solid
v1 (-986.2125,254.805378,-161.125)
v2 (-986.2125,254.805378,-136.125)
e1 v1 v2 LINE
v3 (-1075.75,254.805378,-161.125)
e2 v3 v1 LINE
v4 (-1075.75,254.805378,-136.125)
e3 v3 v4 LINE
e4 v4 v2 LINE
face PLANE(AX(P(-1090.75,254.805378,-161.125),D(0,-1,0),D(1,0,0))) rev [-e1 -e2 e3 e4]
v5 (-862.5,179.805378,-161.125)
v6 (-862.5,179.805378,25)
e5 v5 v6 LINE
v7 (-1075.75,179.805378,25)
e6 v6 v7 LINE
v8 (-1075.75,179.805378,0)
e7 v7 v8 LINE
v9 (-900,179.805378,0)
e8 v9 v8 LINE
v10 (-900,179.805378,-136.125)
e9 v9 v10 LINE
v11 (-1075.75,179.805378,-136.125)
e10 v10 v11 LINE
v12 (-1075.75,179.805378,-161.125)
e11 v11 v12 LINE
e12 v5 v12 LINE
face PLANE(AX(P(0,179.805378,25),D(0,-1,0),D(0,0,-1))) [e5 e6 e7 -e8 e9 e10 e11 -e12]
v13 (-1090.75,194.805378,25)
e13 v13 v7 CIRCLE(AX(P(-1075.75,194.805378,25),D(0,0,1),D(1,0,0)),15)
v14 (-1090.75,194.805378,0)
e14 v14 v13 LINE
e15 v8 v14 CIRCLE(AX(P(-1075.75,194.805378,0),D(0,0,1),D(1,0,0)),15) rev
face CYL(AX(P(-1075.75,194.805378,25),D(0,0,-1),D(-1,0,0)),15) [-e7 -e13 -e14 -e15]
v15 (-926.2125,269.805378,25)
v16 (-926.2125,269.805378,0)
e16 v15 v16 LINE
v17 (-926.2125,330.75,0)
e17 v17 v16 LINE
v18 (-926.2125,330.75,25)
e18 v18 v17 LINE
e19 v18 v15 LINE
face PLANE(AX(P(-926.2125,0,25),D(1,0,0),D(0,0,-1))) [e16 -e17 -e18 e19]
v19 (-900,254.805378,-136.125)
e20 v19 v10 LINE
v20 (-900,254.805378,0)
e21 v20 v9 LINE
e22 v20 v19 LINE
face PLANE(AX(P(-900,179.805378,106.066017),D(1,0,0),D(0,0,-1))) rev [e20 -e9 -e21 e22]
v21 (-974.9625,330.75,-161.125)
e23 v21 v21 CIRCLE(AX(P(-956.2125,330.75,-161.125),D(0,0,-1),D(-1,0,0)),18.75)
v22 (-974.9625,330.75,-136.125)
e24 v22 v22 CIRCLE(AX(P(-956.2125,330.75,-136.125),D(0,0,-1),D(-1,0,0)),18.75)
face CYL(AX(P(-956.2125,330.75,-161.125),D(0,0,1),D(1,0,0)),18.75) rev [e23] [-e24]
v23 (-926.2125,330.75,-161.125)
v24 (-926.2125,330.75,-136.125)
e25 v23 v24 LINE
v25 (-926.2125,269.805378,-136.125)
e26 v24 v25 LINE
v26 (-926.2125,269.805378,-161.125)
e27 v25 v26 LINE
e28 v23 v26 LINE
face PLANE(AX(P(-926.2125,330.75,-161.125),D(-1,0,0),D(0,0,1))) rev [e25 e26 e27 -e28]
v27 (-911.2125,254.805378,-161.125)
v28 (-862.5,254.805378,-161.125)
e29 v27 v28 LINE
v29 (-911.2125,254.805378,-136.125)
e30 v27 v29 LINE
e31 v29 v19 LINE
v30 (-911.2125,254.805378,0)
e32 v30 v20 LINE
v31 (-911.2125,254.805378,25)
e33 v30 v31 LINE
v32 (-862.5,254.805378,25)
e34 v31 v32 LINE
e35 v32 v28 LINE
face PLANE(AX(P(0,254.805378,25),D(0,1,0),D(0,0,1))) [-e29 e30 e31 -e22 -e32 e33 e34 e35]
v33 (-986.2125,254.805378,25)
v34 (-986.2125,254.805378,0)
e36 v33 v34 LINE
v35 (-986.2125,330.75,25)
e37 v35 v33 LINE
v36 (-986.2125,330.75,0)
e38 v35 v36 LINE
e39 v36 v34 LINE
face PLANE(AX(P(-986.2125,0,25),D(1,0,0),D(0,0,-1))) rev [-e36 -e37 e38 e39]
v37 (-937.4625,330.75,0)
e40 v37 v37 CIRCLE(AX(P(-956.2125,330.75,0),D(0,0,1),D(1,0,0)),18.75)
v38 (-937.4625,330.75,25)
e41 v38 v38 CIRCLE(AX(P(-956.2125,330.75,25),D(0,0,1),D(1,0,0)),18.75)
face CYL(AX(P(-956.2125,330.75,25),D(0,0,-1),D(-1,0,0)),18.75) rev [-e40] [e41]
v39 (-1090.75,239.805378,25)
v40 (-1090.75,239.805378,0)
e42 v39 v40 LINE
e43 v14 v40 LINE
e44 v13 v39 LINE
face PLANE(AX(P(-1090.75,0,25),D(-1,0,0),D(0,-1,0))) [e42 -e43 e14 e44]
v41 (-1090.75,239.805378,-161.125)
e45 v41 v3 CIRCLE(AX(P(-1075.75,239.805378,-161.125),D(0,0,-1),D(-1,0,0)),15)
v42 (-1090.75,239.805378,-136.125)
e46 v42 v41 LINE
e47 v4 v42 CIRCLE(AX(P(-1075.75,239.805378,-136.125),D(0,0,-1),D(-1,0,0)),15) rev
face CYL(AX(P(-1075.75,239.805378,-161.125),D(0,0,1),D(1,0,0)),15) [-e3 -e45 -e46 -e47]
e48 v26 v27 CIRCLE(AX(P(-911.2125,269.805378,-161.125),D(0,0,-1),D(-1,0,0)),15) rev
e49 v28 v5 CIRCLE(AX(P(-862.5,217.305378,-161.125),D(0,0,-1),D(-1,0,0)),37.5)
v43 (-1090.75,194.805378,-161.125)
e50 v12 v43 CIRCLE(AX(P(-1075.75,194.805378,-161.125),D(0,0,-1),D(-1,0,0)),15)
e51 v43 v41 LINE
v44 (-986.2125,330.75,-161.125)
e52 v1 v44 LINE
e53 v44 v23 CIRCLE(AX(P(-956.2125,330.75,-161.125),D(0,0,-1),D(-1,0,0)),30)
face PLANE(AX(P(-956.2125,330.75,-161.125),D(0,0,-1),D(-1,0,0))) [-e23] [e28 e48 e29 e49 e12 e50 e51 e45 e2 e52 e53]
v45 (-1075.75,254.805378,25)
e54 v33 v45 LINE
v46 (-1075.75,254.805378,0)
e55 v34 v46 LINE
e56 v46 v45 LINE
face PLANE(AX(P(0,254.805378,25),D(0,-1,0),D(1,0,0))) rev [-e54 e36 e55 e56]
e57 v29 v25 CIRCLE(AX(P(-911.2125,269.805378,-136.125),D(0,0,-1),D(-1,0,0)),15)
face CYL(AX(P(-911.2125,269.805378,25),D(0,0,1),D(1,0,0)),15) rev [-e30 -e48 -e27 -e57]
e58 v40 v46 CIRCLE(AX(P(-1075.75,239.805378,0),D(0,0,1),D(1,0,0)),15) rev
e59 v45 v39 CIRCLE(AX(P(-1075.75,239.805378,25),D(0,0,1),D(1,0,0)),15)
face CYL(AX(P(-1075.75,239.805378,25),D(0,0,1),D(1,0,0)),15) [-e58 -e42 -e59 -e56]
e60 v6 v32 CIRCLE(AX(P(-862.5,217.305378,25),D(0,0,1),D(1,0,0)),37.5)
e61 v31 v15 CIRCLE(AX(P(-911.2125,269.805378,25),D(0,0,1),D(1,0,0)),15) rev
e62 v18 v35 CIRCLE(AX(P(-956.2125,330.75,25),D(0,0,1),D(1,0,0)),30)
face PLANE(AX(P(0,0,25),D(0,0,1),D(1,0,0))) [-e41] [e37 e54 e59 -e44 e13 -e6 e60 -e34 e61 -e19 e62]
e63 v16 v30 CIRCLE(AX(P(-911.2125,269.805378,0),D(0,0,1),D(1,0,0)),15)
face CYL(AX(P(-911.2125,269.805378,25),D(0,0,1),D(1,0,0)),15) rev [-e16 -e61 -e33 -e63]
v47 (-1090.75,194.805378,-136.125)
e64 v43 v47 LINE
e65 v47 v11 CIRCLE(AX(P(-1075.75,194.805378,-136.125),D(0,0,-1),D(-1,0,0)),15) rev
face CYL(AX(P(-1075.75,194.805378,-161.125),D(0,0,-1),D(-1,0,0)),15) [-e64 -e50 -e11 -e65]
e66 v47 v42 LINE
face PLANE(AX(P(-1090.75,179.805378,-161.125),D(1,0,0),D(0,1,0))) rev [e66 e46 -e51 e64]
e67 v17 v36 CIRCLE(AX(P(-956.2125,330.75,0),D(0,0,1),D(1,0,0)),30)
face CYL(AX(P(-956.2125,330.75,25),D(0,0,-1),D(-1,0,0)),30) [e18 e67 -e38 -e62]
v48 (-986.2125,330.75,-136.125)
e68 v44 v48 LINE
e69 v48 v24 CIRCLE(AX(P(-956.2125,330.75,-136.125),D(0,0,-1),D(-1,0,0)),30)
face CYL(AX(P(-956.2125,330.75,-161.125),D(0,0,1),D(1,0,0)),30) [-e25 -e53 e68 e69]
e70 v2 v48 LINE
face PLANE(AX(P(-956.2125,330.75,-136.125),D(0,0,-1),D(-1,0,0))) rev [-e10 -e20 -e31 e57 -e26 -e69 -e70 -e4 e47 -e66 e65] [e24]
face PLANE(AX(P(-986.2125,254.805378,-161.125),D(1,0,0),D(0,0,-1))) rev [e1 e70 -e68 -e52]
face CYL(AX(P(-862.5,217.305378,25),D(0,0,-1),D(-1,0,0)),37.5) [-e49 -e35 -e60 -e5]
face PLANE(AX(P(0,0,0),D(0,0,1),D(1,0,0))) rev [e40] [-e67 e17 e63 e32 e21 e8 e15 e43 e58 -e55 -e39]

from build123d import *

# Parameters (mm, degrees)
SKETCH1_R           = 18.75
SKETCH1_W           = 104.5375
SKETCH1_H           = 75
BOSS_EXTRUDE1_DEPTH = 25
SKETCH2_R           = 18.75
BOSS_EXTRUDE2_DEPTH = 25
SKETCH3_W           = 75
SKETCH3_H           = 75
BOSS_EXTRUDE3_DEPTH = 136.125
FILLET1_RADIUS      = 37.5
FILLET1_LENGTH      = 186.125
FILLET2_R           = 15


with BuildPart() as part:
    # Sketch1 → Boss-Extrude1 (new body)
    # profile 1 of 3: a face of its own
    with BuildSketch(Plane.XY):
        with BuildLine():
            Line((-986.2125, 179.805377859), (-825, 179.805377859))
            Line((-825, 179.805377859), (-825, 254.805377859))
            Line((-825, 254.805377859), (-926.2125, 254.805377859))
            Line((-926.2125, 254.805377859), (-926.2125, 330.75))
            ThreePointArc((-926.2125, 330.75), (-956.2125, 360.75), (-986.2125, 330.75))
            Line((-986.2125, 330.75), (-986.2125, 254.805377859))
            Line((-986.2125, 254.805377859), (-986.2125, 179.805377859))
        make_face()
        with Locations((-956.2125, 330.75)):
            Circle(SKETCH1_R, mode=Mode.SUBTRACT)
    # profile 2 of 3: a face of its own
    with BuildSketch(Plane.XY):
        with BuildLine():
            Line((-986.2125, 179.805377859), (-825, 179.805377859))
            Line((-825, 179.805377859), (-825, 254.805377859))
            Line((-825, 254.805377859), (-926.2125, 254.805377859))
            Line((-926.2125, 254.805377859), (-926.2125, 330.75))
            ThreePointArc((-926.2125, 330.75), (-956.2125, 360.75), (-986.2125, 330.75))
            Line((-986.2125, 330.75), (-986.2125, 254.805377859))
            Line((-986.2125, 254.805377859), (-986.2125, 179.805377859))
        make_face()
        with Locations((-956.2125, 330.75)):
            Circle(SKETCH1_R, mode=Mode.SUBTRACT)
    # profile 3 of 3: a face of its own
    with BuildSketch(Plane.XY):
        with Locations((-1038.48125, 217.305377859)):
            Rectangle(SKETCH1_W, SKETCH1_H)
    extrude(amount=BOSS_EXTRUDE1_DEPTH)



with BuildPart() as body_2:
    # Sketch2 → Boss-Extrude2 (new body)
    with BuildSketch(Plane(origin=(0, 0, -136.125), x_dir=(-1, 0, 0), z_dir=(0, 0, -1))):
        with BuildLine():
            Line((926.2125, 330.75), (926.2125, 254.805377859))
            Line((926.2125, 254.805377859), (825, 254.805377859))
            Line((825, 254.805377859), (825, 179.805377859))
            Line((825, 179.805377859), (1090.75, 179.805377859))
            Line((1090.75, 179.805377859), (1090.75, 254.805377859))
            Line((1090.75, 254.805377859), (986.2125, 254.805377859))
            Line((986.2125, 254.805377859), (986.2125, 330.75))
            ThreePointArc((986.2125, 330.75), (956.2125, 360.75), (926.2125, 330.75))
        make_face()
        with Locations(Location((956.2125, 330.75, 0), (0, 0, 180))):
            Circle(SKETCH2_R, mode=Mode.SUBTRACT)
    extrude(amount=BOSS_EXTRUDE2_DEPTH)


with BuildPart() as part_1:
    add(part.part)

    add(body_2.part)  # Boss-Extrude3 merges body 2
    # Sketch3 → Boss-Extrude3 (add)
    with BuildSketch(Plane.XY.offset(-136.125)):
        with Locations((-862.5, 217.305377859)):
            Rectangle(SKETCH3_W, SKETCH3_H)
    extrude(amount=BOSS_EXTRUDE3_DEPTH)

    # Fillet1: full round fillet: the end face becomes a half cylinder, R = half its width
    fillet1_face = Plane((-825, 217.305377859, -68.0625), x_dir=(0, 0, 1), z_dir=(1, 0, 0))  # on the end face: x along it, z out of the body
    fillet1_slab = fillet1_face.offset(-FILLET1_RADIUS / 2) * Box(FILLET1_LENGTH, 2 * FILLET1_RADIUS, FILLET1_RADIUS, mode=Mode.PRIVATE)  # the body's end, R deep
    fillet1_round = Plane((-862.5, 217.305377859, -68.0625), x_dir=(1, 0, 0), z_dir=(0, 0, 1)) * Cylinder(FILLET1_RADIUS, FILLET1_LENGTH, mode=Mode.PRIVATE)  # its axis R under the face
    add(fillet1_slab - fillet1_round, mode=Mode.SUBTRACT)

    # Fillet2
    fillet2_edges = [part_1.edges().sort_by_distance(p)[0] for p in [
        (-926.2125, 254.805377859, 12.5),
        (-1090.75, 179.805377859, 12.5),
        (-1090.75, 254.805377859, 12.5),
        (-926.2125, 254.805377859, -148.625),
        (-1090.75, 179.805377859, -148.625),
        (-1090.75, 254.805377859, -148.625),
    ]]
    fillet(fillet2_edges, radius=FILLET2_R)


solid = part_1.part
